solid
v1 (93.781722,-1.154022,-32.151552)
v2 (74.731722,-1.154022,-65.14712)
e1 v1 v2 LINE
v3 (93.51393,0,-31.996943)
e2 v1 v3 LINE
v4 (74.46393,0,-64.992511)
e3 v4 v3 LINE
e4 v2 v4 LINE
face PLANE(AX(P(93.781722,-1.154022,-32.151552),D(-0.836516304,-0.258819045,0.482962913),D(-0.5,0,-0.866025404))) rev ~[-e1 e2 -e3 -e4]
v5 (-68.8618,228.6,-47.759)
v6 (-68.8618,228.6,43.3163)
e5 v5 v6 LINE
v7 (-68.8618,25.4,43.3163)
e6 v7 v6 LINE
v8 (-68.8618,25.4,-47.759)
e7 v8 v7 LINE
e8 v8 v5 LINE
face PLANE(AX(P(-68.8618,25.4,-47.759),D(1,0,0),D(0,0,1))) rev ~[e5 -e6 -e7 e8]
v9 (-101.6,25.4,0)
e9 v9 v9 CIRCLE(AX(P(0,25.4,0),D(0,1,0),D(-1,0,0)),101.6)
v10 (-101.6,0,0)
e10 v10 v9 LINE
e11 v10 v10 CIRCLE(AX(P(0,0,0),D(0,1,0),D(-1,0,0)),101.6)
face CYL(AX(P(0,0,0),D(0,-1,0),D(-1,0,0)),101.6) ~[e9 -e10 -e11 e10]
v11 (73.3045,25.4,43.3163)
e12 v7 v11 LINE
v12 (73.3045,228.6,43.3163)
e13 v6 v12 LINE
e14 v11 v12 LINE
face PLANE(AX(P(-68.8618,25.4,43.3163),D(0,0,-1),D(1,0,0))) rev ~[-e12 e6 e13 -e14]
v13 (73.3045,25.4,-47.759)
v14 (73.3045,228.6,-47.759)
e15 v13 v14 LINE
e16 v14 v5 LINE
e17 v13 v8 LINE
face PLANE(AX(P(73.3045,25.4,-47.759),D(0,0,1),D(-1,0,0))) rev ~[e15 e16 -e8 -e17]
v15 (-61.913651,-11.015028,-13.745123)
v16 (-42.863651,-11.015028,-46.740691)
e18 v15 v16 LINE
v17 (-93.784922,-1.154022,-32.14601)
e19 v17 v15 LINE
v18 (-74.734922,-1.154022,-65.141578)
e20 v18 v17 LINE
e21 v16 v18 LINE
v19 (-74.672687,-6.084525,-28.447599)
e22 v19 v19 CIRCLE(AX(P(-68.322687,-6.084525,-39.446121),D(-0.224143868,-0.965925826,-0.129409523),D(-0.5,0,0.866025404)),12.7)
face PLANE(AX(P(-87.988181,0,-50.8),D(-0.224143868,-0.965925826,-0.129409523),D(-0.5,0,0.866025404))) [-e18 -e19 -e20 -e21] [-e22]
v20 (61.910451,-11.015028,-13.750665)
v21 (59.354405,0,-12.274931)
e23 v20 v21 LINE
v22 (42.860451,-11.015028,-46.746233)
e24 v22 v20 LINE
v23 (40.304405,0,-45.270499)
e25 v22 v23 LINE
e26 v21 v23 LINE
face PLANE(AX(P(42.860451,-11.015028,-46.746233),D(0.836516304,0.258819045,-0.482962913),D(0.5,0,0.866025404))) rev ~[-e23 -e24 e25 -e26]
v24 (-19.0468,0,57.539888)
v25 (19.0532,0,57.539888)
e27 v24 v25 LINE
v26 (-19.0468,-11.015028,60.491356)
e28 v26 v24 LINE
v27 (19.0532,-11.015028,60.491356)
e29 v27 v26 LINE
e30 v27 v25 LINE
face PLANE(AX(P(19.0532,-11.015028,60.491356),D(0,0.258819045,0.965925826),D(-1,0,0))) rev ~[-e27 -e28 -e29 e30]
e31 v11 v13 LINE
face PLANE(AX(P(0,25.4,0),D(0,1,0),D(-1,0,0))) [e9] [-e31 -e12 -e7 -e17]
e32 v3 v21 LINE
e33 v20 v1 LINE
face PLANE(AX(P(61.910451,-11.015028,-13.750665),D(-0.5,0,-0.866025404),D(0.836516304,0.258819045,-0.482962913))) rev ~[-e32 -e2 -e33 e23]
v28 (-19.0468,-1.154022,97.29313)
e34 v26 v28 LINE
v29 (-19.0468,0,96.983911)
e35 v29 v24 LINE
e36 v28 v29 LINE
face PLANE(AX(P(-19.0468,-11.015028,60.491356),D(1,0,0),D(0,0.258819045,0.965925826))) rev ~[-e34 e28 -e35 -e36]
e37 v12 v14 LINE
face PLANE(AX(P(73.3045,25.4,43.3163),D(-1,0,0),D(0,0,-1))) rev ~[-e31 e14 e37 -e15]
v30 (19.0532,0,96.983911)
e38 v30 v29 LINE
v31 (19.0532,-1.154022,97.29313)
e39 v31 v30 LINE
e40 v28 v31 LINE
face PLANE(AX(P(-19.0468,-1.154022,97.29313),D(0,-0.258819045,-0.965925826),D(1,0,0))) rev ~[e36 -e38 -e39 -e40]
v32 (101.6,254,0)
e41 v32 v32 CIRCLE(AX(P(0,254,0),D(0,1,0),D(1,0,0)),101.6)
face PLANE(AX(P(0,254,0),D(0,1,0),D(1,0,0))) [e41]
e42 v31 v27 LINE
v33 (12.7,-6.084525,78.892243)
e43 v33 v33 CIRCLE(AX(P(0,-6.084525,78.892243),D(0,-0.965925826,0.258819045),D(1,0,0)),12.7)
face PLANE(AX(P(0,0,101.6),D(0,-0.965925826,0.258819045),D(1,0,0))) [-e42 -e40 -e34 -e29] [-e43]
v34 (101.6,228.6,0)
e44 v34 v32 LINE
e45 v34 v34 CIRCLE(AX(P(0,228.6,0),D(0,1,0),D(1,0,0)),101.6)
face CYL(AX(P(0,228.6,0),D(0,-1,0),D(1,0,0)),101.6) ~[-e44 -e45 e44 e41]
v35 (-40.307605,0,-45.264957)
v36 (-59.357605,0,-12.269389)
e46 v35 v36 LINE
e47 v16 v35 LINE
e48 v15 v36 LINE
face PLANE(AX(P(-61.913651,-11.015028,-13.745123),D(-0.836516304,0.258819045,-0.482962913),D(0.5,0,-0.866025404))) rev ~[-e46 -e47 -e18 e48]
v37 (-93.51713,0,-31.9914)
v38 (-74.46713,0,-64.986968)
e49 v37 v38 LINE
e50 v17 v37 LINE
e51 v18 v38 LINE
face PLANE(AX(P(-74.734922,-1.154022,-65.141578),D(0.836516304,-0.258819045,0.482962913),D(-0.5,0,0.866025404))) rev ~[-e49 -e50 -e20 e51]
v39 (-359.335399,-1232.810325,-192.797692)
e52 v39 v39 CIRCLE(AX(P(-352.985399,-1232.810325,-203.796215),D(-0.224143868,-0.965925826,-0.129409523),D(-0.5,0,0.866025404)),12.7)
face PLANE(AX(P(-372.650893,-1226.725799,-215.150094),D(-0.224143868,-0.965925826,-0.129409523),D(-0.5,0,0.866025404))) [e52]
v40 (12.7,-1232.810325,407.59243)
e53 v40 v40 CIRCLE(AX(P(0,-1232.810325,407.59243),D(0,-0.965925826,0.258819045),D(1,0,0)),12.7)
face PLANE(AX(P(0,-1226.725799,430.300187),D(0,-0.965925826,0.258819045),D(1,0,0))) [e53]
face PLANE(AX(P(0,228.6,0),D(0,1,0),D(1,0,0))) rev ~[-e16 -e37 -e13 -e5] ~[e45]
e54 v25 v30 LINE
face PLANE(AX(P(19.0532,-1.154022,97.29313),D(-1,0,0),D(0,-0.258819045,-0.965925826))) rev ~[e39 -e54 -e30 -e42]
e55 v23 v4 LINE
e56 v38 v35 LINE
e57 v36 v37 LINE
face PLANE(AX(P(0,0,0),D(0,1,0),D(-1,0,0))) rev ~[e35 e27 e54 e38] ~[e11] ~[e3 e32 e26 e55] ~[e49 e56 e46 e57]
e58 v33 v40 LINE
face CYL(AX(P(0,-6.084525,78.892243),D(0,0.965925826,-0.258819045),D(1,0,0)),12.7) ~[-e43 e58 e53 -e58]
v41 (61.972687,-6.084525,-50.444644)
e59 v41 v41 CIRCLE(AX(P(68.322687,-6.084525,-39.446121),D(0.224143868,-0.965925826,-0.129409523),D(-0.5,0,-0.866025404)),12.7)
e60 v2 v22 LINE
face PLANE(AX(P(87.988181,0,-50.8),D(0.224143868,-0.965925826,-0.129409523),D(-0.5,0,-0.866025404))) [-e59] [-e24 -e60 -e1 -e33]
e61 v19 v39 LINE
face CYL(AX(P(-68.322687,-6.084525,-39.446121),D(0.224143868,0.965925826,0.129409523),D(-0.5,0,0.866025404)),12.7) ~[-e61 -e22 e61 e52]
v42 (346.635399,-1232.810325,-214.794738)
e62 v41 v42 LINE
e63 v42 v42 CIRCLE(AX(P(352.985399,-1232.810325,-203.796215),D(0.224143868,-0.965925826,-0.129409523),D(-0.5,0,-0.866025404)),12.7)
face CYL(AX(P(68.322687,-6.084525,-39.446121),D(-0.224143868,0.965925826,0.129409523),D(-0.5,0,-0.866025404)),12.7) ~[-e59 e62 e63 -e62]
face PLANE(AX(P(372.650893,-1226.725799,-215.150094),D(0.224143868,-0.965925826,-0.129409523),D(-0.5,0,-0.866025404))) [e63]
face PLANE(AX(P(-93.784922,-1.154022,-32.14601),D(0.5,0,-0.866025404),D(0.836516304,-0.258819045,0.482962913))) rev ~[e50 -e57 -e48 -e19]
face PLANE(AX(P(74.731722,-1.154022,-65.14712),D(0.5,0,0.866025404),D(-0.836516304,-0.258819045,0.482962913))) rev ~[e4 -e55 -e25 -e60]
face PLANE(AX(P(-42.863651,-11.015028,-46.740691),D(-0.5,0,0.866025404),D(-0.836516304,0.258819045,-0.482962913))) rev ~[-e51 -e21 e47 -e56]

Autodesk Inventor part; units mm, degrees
ref_plane "YZ Plane" through (0, 0, 0) normal (1, 0, 0) x (0, 1, 0)
ref_plane "XZ Plane" through (0, 0, 0) normal (0, 1, 0) x (-1, 0, 0)
sketch "Sketch1" plane through (0, 0, 0) normal (0, 1, 0) x (-1, 0, 0)
  circle A0 centre (0, 0) radius 101.6
  dimension "d0" = 203.2
extrude "Extrusion1" add sketch "Sketch1" along normal blind 25.4
sketch "Sketch2" plane through (0, 0, 0) normal (0, -1, 0) x (1, 0, 0)
  circle A0 centre (0, 0) radius 101.6 projected
  point P0 (0, 101.6)
ref_plane "Work Plane1" through (0, 0, 101.6) normal (0, 0, 1) x (1, 0, 0)
sketch "Sketch3" plane through (0, 0, 101.6) normal (0, 0, 1) x (1, 0, 0)
  line L0 (0, 0) -> (50.8, 0) construction
  dimension "d3" = 50.8
ref_plane "Work Plane2" through (0, 0, 101.6) normal (0, -0.9659, 0.2588) x (1, 0, 0)
sketch "Sketch4" plane through (0, 0, 101.6) normal (0, -0.9659, 0.2588) x (1, 0, 0)
  line L0 (-19.0468, -4.4588) -> (19.0532, -4.4588)
  line L1 (19.0532, -4.4588) -> (19.0532, -42.5588)
  line L2 (19.0532, -42.5588) -> (-19.0468, -42.5588)
  line L3 (-19.0468, -42.5588) -> (-19.0468, -4.4588)
  point P0 (0, -98.1381)
  point P1 (0.0032, -0.0121)
  dimension "d5" = 38.1
  dimension "d6" = 38.1
extrude "Extrusion2" add sketch "Sketch4" against normal blind 25.4
sketch "Sketch5" plane through (0, 0, 101.6) normal (0, -0.9659, 0.2588) x (1, 0, 0)
  circle A0 centre (0, -23.5088) radius 12.7
  point P0 (0, -98.1381)
  dimension "d9" = 25.4
extrude "Extrusion3" add sketch "Sketch5" along normal blind 1270
pattern_circular "Circular Pattern2" count 3 over 360 about axis through (0, 0, 0) along (0, 1, 0) of "Extrusion2", "Extrusion3"
sketch "Sketch6" plane through (0, 25.4, 0) normal (0, 1, 0) x (1, 0, 0)
  line L0 (-68.8618, -43.3163) -> (73.3045, -43.3163)
  line L1 (73.3045, -43.3163) -> (73.3045, 47.759)
  line L2 (73.3045, 47.759) -> (-68.8618, 47.759)
  line L3 (-68.8618, 47.759) -> (-68.8618, -43.3163)
extrude "Extrusion4" add sketch "Sketch6" along normal blind 203.2
sketch "Sketch8" plane through (0, 228.6, 0) normal (0, 1, 0) x (1, 0, 0)
  circle A0 centre (0, 0) radius 101.6
  dimension "d23" = 203.2
extrude "Extrusion6" add sketch "Sketch8" along normal blind 25.4
properties part number "totalStation"
